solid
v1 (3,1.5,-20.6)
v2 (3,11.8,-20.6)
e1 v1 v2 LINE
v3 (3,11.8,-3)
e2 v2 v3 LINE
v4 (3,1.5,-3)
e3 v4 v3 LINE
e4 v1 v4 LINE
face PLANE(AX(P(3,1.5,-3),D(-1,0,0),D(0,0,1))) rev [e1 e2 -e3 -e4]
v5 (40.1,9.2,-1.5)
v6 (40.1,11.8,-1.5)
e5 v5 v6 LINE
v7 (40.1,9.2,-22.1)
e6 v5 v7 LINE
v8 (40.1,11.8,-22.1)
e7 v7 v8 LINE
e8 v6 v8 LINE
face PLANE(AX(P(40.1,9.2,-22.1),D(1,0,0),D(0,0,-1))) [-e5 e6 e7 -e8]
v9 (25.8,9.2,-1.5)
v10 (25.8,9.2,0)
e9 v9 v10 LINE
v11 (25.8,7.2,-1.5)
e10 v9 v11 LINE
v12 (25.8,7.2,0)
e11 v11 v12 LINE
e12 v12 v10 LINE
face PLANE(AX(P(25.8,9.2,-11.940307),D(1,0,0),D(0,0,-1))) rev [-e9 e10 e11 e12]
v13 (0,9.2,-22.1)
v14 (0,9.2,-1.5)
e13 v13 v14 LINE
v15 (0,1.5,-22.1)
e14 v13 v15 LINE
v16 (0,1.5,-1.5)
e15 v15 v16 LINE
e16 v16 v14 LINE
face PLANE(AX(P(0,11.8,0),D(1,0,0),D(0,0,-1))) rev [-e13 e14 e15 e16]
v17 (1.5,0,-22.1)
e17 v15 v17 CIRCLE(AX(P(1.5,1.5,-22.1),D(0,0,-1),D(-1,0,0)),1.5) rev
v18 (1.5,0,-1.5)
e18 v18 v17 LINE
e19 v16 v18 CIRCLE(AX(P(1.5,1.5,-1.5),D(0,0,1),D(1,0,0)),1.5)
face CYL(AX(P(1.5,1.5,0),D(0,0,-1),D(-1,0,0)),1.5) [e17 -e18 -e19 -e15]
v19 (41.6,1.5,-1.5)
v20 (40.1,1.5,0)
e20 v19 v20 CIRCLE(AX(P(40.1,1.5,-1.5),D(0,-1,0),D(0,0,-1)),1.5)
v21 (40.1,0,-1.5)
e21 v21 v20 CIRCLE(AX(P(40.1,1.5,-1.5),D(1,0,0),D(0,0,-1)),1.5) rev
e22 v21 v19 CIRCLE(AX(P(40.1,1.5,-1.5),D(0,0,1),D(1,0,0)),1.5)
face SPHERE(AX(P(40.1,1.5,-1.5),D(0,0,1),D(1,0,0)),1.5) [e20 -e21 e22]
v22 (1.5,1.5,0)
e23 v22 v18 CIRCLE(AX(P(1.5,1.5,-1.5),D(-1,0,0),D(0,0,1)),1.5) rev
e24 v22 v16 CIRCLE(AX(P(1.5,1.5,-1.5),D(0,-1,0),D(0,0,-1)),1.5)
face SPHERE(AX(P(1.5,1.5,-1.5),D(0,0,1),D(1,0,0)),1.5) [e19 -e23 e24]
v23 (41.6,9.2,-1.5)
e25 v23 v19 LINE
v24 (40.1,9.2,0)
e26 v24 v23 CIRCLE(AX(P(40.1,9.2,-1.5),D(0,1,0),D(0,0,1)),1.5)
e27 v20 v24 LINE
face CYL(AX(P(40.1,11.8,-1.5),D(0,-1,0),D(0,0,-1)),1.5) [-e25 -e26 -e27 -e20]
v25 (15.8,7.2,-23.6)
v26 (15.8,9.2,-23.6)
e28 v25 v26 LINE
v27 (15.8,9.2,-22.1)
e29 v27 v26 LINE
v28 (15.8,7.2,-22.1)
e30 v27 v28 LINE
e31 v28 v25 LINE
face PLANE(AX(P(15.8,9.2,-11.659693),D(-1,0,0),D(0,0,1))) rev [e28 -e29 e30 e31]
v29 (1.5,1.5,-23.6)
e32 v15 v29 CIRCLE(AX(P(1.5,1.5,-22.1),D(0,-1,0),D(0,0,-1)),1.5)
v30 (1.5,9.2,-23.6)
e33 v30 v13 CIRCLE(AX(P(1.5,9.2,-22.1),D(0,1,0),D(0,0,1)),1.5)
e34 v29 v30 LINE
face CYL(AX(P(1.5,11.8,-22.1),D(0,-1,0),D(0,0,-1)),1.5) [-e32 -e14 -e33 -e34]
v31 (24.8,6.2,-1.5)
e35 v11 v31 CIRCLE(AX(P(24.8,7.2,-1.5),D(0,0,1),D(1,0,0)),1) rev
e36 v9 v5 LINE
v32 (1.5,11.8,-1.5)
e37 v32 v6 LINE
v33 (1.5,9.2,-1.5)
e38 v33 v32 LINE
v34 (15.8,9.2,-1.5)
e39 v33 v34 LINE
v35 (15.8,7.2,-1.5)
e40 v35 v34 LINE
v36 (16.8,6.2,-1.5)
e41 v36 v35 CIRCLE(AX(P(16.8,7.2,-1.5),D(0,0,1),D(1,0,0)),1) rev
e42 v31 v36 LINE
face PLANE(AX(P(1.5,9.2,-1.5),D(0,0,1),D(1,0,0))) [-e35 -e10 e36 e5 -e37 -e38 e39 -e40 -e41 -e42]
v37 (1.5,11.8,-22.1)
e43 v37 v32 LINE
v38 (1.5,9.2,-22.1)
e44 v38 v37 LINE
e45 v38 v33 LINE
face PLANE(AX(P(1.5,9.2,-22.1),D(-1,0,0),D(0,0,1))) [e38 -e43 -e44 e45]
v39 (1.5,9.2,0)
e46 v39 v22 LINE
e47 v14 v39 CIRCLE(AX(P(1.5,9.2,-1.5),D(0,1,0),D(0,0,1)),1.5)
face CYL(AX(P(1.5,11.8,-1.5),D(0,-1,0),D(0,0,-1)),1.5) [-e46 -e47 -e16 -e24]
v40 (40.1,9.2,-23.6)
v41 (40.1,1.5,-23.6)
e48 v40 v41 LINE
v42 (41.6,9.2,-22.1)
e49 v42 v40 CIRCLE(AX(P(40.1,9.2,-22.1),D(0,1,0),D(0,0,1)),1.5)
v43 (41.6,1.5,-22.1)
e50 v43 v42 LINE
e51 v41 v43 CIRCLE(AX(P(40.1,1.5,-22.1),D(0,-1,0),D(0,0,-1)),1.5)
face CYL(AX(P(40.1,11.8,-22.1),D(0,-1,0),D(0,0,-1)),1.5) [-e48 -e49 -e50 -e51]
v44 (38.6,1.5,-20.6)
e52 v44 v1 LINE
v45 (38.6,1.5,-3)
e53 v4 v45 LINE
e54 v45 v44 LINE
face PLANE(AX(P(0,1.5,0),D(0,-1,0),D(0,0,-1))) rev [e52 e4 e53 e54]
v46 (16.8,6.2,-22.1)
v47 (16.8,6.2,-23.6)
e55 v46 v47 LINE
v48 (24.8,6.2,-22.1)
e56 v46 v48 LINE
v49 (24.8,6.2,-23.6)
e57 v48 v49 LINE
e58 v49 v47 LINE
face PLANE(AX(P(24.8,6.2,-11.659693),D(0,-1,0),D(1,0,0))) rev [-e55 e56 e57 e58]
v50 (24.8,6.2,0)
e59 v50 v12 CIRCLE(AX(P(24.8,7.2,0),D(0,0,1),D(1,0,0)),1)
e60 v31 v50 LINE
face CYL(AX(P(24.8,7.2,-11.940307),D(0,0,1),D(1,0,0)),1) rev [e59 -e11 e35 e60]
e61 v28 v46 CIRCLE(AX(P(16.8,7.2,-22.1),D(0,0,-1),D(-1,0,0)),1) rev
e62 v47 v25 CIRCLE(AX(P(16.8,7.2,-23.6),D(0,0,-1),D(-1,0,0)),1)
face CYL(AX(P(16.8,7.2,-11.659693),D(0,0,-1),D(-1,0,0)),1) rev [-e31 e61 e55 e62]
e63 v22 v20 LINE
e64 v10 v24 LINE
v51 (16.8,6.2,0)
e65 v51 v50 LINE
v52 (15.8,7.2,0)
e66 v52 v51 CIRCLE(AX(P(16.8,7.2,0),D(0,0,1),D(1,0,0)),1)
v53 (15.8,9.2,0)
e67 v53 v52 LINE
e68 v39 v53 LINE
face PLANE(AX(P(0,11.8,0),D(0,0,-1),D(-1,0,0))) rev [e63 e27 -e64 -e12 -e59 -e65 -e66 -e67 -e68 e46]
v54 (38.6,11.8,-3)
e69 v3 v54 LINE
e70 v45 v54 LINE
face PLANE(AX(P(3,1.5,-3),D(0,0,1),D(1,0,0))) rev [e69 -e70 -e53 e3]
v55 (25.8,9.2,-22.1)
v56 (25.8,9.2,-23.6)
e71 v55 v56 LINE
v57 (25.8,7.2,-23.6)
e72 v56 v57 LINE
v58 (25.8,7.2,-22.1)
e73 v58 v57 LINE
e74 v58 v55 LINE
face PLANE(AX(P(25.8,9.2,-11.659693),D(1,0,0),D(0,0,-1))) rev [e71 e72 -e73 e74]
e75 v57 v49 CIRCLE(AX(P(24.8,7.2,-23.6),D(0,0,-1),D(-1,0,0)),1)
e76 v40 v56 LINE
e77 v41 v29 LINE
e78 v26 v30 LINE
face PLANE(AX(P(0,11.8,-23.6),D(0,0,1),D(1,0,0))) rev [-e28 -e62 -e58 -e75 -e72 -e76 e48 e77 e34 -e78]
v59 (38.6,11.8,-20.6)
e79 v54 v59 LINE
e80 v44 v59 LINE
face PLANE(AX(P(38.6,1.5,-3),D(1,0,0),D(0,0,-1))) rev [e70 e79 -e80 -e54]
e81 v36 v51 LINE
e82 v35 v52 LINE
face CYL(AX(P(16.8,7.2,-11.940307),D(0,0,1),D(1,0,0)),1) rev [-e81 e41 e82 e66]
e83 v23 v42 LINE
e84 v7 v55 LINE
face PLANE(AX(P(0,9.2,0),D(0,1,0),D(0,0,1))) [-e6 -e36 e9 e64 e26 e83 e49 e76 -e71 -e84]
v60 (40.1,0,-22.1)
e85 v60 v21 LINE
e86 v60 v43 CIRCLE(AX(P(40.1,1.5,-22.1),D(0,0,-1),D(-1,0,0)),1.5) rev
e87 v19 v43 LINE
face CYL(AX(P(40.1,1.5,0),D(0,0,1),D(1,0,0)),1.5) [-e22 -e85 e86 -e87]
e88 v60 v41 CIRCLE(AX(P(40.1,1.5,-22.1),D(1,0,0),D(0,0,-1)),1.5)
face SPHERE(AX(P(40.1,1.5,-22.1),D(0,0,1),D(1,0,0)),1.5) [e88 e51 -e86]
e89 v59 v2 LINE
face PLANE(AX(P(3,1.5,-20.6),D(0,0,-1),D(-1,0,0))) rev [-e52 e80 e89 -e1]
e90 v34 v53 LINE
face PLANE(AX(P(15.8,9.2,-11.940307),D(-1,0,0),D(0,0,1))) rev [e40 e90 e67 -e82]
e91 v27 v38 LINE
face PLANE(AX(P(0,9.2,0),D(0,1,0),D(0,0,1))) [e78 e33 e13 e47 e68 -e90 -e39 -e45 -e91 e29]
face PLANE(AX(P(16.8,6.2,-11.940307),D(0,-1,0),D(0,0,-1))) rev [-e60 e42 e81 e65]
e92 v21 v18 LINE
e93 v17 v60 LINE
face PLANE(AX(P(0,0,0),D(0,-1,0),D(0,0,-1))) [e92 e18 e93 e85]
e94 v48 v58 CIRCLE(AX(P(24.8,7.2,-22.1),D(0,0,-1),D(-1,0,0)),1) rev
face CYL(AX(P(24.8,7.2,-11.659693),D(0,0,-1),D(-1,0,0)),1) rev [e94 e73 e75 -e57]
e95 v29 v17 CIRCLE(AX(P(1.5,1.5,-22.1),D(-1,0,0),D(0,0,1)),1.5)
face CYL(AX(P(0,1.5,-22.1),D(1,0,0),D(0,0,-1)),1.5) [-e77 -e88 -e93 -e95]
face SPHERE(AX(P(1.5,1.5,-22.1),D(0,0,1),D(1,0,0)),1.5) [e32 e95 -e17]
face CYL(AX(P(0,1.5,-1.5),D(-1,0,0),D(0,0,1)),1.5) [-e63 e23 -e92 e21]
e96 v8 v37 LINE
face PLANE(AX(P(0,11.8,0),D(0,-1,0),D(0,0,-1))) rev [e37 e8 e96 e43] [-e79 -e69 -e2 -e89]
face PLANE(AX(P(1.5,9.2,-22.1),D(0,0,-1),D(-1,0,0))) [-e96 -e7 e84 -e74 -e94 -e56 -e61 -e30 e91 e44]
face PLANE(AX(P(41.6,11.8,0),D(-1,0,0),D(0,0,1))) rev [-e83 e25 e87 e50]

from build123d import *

# Parameters (mm, degrees)
SKETCH1_W           = 41.6
SKETCH1_H           = 23.6
BOSS_EXTRUDE1_DEPTH = 11.8
SKETCH2_W           = 35.6
SKETCH2_H           = 17.6
CUT_EXTRUDE1_DEPTH  = 10.3
SKETCH4_W           = 41.6
SKETCH4_H           = 23.6
SKETCH4_W_2         = 38.6
SKETCH4_H_2         = 20.6
CUT_EXTRUDE2_DEPTH  = 2.6
FILLET1_R           = 1.5
CUT_EXTRUDE3_DEPTH  = 1.5
CUT_EXTRUDE4_START  = -1.5
CUT_EXTRUDE4_DEPTH  = 1.5


with BuildPart() as part:
    # Sketch1 → Boss-Extrude1 (new body)
    with BuildSketch(Plane(origin=(0, 0, 0), x_dir=(1, 0, 0), z_dir=(0, 1, 0))):
        with Locations((20.8, 11.8)):
            Rectangle(SKETCH1_W, SKETCH1_H)
    extrude(amount=BOSS_EXTRUDE1_DEPTH)

    # Sketch2 → Cut-Extrude1 (cut)
    with BuildSketch(Plane(origin=(0, 11.8, 0), x_dir=(1, 0, 0), z_dir=(0, 1, 0))):
        with Locations((20.8, 11.8)):
            Rectangle(SKETCH2_W, SKETCH2_H)
    extrude(amount=-CUT_EXTRUDE1_DEPTH, mode=Mode.SUBTRACT)

    # Sketch4 → Cut-Extrude2 (cut)
    with BuildSketch(Plane(origin=(0, 11.8, 0), x_dir=(1, 0, 0), z_dir=(0, 1, 0))):
        with Locations((20.8, 11.8)):
            Rectangle(SKETCH4_W, SKETCH4_H)
        with Locations((20.8, 11.8)):
            Rectangle(SKETCH4_W_2, SKETCH4_H_2, mode=Mode.SUBTRACT)
    extrude(amount=-CUT_EXTRUDE2_DEPTH, mode=Mode.SUBTRACT)

    # Fillet1
    fillet1_edges = [part.edges().sort_by_distance(p)[0] for p in [
        (0, 4.6, -23.6),
        (41.6, 4.6, -23.6),
        (41.6, 4.6, 0),
        (0, 4.6, 0),
        (20.8, 0, -23.6),
        (41.6, 0, -11.8),
        (20.8, 0, 0),
        (0, 0, -11.8),
    ]]
    fillet(fillet1_edges, radius=FILLET1_R)

    # Sketch5 → Cut-Extrude3 (cut)
    with BuildSketch(Plane(origin=(0, 0, -23.6), x_dir=(-1, 0, 0), z_dir=(0, 0, -1))):
        with BuildLine():
            Line((-25.8, 9.2), (-15.8, 9.2))
            Line((-15.8, 9.2), (-15.8, 7.2))
            ThreePointArc((-15.8, 7.2), (-16.092893219, 6.492893219), (-16.8, 6.2))
            Line((-16.8, 6.2), (-24.8, 6.2))
            ThreePointArc((-24.8, 6.2), (-25.507106781, 6.492893219), (-25.8, 7.2))
            Line((-25.8, 7.2), (-25.8, 9.2))
        make_face()
    extrude(amount=-CUT_EXTRUDE3_DEPTH, mode=Mode.SUBTRACT)

    # Sketch6 → Cut-Extrude4 (cut)
    with BuildSketch(Plane.XY.offset(CUT_EXTRUDE4_START)):
        with BuildLine():
            Line((15.8, 9.2), (25.8, 9.2))
            Line((25.8, 9.2), (25.8, 7.2))
            ThreePointArc((25.8, 7.2), (25.507106781, 6.492893219), (24.8, 6.2))
            Line((24.8, 6.2), (16.8, 6.2))
            ThreePointArc((16.8, 6.2), (16.092893219, 6.492893219), (15.8, 7.2))
            Line((15.8, 7.2), (15.8, 9.2))
        make_face()
    extrude(amount=CUT_EXTRUDE4_DEPTH, mode=Mode.SUBTRACT)


solid = part.part
